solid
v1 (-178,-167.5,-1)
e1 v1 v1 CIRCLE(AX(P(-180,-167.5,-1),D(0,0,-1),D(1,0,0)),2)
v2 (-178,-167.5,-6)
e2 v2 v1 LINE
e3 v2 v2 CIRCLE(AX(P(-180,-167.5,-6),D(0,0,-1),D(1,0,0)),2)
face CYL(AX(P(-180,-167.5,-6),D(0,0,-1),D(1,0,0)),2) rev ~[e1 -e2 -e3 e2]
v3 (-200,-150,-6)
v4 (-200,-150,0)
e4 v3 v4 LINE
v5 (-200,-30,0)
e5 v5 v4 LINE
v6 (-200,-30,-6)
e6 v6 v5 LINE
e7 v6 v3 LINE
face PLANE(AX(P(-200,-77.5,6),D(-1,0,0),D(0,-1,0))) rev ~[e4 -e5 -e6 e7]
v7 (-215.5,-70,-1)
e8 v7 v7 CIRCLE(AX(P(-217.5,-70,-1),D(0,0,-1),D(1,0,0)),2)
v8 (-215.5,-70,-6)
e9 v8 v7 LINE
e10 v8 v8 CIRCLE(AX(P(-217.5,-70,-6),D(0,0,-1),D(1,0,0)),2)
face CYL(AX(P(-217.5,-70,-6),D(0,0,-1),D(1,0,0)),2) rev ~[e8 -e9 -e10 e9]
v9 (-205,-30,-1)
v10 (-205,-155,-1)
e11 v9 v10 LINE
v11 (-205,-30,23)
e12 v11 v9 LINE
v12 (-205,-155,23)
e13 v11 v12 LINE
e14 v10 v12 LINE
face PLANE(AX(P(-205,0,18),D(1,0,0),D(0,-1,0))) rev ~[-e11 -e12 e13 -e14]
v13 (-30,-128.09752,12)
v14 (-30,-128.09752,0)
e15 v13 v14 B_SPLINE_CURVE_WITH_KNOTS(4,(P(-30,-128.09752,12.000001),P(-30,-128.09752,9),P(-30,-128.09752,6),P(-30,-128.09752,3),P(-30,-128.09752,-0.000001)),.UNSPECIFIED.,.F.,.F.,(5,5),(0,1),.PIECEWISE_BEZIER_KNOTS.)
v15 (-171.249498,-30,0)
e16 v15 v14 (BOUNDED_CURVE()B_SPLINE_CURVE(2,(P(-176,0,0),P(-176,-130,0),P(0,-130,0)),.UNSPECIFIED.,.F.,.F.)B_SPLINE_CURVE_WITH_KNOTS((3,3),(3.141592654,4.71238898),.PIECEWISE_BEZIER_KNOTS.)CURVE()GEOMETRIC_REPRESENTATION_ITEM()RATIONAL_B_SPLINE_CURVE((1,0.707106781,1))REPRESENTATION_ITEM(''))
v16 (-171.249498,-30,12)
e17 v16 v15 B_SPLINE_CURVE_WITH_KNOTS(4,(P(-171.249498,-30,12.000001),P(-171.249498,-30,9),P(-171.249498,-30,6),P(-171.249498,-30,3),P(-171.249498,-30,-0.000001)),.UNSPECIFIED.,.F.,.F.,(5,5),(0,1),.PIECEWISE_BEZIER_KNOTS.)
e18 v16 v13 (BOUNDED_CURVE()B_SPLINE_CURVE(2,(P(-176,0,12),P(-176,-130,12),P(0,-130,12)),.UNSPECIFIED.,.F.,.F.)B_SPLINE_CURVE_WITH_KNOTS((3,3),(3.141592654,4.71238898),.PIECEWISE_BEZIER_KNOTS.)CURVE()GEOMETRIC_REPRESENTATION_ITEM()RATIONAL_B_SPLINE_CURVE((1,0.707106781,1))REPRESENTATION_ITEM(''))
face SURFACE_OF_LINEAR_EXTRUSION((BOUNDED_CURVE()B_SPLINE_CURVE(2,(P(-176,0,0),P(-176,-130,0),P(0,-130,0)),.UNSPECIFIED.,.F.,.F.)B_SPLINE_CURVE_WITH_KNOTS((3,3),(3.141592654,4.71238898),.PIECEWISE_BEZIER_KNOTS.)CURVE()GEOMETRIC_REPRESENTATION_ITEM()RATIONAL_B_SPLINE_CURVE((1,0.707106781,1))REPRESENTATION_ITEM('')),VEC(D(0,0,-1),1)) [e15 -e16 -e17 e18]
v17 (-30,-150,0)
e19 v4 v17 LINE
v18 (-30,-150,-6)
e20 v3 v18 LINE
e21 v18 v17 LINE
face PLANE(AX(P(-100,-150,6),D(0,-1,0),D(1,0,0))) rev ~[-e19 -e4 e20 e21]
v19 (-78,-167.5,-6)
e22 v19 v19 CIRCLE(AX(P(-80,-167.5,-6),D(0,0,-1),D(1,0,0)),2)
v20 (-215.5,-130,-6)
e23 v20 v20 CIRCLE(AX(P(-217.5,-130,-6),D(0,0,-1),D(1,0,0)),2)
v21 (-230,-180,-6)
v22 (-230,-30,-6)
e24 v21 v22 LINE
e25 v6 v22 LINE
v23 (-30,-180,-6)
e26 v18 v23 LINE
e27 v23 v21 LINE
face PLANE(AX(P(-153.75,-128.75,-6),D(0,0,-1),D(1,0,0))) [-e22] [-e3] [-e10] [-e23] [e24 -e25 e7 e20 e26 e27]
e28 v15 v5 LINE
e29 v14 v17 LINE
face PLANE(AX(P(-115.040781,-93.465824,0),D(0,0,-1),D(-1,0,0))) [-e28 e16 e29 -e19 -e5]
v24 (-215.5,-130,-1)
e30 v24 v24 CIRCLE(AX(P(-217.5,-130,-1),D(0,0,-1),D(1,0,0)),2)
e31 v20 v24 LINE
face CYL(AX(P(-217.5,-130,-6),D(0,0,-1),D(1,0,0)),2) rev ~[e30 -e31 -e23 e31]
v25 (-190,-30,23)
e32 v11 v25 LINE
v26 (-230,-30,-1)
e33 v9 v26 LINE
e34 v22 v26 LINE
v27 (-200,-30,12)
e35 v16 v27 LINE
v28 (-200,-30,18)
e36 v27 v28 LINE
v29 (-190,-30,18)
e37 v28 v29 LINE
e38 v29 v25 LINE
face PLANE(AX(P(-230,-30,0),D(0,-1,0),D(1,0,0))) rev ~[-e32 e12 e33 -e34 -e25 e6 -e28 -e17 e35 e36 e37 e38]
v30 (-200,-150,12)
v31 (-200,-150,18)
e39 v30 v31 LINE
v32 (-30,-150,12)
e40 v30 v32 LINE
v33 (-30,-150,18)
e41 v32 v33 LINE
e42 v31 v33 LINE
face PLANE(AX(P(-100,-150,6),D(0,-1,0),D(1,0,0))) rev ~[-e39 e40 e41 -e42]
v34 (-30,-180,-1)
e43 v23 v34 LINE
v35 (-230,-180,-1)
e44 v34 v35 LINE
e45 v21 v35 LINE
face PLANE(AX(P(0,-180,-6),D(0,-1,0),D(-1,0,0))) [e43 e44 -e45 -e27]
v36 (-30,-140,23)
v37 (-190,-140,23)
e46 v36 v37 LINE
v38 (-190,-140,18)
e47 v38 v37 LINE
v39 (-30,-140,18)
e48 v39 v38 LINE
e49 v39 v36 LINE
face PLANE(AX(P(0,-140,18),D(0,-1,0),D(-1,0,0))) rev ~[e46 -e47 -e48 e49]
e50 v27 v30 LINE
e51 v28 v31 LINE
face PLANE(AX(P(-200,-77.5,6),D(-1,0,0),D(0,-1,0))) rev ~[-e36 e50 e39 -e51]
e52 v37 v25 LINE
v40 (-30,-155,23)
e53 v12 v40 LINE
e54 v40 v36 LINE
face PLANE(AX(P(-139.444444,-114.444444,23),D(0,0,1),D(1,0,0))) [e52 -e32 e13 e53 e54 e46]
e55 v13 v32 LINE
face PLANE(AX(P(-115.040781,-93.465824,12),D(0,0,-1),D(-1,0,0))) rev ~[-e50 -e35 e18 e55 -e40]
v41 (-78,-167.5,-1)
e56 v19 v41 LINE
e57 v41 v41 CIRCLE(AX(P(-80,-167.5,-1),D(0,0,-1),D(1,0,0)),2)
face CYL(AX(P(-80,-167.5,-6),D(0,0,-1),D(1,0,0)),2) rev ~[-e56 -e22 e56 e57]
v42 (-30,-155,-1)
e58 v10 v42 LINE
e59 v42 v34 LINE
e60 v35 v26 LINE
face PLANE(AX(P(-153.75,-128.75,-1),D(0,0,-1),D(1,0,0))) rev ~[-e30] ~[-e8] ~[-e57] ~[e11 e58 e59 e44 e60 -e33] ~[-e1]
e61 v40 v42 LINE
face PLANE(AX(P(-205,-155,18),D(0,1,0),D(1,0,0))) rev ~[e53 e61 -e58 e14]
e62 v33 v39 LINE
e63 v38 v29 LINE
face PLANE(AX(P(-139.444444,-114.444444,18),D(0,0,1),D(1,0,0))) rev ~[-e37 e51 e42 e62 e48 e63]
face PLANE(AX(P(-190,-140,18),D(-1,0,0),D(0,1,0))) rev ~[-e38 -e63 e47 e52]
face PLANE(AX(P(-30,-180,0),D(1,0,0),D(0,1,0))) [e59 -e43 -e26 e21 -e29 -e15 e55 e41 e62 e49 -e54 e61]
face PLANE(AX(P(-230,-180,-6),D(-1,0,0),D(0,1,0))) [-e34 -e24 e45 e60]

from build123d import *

# Parameters (mm, degrees)
F1_DEPTH  = 12
F2_W      = 200
F2_H      = 24
F3_DEPTH  = 5
F4_W      = 155
F4_H      = 24
F5_DEPTH  = 5
F6_R      = 2
F7_DEPTH  = 5
F9_DEPTH  = 5
F10_W     = 200
F10_H     = 30
F10_W_2   = 30
F10_H_2   = 150
F11_DEPTH = 25


with BuildPart() as f1:
    # F0 (on Top) → F1 (new body)
    with BuildSketch(Plane.XY):
        with BuildLine():
            add(Edge.make_bspline(
                [(-176, 0), (-176, -130), (0, -130)],
                knots=[3.1415926536, 3.1415926536, 3.1415926536, 4.7123889804, 4.7123889804, 4.7123889804], degree=2, weights=[1, 0.7071067812, 1]))
            Line((-176, 0), (-176, -130))
            Line((-176, -130), (0, -130))
        make_face()
        Polygon((-176, -130), (-176, 0), (-200, 0), (-200, -150), (0, -150), (0, -130), align=None)
    extrude(amount=F1_DEPTH)

    # F2 (on face) → F3 (join)
    with BuildSketch(Plane.XZ.offset(150)):
        with Locations((-100, 6)):
            Rectangle(F2_W, F2_H)
    extrude(amount=F3_DEPTH)

    # F4 (on face) → F5 (join)
    with BuildSketch(Plane(origin=(-200, 0, 0), x_dir=(0, -1, 0), z_dir=(-1, 0, 0))):
        with Locations((77.5, 6)):
            Rectangle(F4_W, F4_H)
    extrude(amount=F5_DEPTH)

    # F6 (on face) → F7 (join)
    with BuildSketch(Plane(origin=(0, 0, -6), x_dir=(1, 0, 0), z_dir=(0, 0, -1))):
        Polygon((0, 155), (0, 180), (-230, 180), (-230, 0), (-205, 0), (-205, 155), align=None)
        with Locations((-217.5, 70)):
            Circle(F6_R, mode=Mode.SUBTRACT)
        with Locations((-217.5, 130)):
            Circle(F6_R, mode=Mode.SUBTRACT)
        with Locations((-180, 167.5)):
            Circle(F6_R, mode=Mode.SUBTRACT)
        with Locations((-80, 167.5)):
            Circle(F6_R, mode=Mode.SUBTRACT)
    extrude(amount=-F7_DEPTH)

    # F8 (on face) → F9 (join)
    with BuildSketch(Plane.XY.offset(18)):
        Polygon((-190, 0), (-205, 0), (-205, -155), (0, -155), (0, -140), (-190, -140), align=None)
    extrude(amount=F9_DEPTH)

    # F10 (on Top) → F11 (cut, symmetric)
    with BuildSketch(Plane.XY):
        with Locations((-130, -15)):
            Rectangle(F10_W, F10_H)
        with Locations((-15, -15)):
            Rectangle(F10_W_2, F10_H)
        with Locations((-15, -105)):
            Rectangle(F10_W_2, F10_H_2)
    extrude(amount=F11_DEPTH, both=True, mode=Mode.SUBTRACT)


solid = f1.part
